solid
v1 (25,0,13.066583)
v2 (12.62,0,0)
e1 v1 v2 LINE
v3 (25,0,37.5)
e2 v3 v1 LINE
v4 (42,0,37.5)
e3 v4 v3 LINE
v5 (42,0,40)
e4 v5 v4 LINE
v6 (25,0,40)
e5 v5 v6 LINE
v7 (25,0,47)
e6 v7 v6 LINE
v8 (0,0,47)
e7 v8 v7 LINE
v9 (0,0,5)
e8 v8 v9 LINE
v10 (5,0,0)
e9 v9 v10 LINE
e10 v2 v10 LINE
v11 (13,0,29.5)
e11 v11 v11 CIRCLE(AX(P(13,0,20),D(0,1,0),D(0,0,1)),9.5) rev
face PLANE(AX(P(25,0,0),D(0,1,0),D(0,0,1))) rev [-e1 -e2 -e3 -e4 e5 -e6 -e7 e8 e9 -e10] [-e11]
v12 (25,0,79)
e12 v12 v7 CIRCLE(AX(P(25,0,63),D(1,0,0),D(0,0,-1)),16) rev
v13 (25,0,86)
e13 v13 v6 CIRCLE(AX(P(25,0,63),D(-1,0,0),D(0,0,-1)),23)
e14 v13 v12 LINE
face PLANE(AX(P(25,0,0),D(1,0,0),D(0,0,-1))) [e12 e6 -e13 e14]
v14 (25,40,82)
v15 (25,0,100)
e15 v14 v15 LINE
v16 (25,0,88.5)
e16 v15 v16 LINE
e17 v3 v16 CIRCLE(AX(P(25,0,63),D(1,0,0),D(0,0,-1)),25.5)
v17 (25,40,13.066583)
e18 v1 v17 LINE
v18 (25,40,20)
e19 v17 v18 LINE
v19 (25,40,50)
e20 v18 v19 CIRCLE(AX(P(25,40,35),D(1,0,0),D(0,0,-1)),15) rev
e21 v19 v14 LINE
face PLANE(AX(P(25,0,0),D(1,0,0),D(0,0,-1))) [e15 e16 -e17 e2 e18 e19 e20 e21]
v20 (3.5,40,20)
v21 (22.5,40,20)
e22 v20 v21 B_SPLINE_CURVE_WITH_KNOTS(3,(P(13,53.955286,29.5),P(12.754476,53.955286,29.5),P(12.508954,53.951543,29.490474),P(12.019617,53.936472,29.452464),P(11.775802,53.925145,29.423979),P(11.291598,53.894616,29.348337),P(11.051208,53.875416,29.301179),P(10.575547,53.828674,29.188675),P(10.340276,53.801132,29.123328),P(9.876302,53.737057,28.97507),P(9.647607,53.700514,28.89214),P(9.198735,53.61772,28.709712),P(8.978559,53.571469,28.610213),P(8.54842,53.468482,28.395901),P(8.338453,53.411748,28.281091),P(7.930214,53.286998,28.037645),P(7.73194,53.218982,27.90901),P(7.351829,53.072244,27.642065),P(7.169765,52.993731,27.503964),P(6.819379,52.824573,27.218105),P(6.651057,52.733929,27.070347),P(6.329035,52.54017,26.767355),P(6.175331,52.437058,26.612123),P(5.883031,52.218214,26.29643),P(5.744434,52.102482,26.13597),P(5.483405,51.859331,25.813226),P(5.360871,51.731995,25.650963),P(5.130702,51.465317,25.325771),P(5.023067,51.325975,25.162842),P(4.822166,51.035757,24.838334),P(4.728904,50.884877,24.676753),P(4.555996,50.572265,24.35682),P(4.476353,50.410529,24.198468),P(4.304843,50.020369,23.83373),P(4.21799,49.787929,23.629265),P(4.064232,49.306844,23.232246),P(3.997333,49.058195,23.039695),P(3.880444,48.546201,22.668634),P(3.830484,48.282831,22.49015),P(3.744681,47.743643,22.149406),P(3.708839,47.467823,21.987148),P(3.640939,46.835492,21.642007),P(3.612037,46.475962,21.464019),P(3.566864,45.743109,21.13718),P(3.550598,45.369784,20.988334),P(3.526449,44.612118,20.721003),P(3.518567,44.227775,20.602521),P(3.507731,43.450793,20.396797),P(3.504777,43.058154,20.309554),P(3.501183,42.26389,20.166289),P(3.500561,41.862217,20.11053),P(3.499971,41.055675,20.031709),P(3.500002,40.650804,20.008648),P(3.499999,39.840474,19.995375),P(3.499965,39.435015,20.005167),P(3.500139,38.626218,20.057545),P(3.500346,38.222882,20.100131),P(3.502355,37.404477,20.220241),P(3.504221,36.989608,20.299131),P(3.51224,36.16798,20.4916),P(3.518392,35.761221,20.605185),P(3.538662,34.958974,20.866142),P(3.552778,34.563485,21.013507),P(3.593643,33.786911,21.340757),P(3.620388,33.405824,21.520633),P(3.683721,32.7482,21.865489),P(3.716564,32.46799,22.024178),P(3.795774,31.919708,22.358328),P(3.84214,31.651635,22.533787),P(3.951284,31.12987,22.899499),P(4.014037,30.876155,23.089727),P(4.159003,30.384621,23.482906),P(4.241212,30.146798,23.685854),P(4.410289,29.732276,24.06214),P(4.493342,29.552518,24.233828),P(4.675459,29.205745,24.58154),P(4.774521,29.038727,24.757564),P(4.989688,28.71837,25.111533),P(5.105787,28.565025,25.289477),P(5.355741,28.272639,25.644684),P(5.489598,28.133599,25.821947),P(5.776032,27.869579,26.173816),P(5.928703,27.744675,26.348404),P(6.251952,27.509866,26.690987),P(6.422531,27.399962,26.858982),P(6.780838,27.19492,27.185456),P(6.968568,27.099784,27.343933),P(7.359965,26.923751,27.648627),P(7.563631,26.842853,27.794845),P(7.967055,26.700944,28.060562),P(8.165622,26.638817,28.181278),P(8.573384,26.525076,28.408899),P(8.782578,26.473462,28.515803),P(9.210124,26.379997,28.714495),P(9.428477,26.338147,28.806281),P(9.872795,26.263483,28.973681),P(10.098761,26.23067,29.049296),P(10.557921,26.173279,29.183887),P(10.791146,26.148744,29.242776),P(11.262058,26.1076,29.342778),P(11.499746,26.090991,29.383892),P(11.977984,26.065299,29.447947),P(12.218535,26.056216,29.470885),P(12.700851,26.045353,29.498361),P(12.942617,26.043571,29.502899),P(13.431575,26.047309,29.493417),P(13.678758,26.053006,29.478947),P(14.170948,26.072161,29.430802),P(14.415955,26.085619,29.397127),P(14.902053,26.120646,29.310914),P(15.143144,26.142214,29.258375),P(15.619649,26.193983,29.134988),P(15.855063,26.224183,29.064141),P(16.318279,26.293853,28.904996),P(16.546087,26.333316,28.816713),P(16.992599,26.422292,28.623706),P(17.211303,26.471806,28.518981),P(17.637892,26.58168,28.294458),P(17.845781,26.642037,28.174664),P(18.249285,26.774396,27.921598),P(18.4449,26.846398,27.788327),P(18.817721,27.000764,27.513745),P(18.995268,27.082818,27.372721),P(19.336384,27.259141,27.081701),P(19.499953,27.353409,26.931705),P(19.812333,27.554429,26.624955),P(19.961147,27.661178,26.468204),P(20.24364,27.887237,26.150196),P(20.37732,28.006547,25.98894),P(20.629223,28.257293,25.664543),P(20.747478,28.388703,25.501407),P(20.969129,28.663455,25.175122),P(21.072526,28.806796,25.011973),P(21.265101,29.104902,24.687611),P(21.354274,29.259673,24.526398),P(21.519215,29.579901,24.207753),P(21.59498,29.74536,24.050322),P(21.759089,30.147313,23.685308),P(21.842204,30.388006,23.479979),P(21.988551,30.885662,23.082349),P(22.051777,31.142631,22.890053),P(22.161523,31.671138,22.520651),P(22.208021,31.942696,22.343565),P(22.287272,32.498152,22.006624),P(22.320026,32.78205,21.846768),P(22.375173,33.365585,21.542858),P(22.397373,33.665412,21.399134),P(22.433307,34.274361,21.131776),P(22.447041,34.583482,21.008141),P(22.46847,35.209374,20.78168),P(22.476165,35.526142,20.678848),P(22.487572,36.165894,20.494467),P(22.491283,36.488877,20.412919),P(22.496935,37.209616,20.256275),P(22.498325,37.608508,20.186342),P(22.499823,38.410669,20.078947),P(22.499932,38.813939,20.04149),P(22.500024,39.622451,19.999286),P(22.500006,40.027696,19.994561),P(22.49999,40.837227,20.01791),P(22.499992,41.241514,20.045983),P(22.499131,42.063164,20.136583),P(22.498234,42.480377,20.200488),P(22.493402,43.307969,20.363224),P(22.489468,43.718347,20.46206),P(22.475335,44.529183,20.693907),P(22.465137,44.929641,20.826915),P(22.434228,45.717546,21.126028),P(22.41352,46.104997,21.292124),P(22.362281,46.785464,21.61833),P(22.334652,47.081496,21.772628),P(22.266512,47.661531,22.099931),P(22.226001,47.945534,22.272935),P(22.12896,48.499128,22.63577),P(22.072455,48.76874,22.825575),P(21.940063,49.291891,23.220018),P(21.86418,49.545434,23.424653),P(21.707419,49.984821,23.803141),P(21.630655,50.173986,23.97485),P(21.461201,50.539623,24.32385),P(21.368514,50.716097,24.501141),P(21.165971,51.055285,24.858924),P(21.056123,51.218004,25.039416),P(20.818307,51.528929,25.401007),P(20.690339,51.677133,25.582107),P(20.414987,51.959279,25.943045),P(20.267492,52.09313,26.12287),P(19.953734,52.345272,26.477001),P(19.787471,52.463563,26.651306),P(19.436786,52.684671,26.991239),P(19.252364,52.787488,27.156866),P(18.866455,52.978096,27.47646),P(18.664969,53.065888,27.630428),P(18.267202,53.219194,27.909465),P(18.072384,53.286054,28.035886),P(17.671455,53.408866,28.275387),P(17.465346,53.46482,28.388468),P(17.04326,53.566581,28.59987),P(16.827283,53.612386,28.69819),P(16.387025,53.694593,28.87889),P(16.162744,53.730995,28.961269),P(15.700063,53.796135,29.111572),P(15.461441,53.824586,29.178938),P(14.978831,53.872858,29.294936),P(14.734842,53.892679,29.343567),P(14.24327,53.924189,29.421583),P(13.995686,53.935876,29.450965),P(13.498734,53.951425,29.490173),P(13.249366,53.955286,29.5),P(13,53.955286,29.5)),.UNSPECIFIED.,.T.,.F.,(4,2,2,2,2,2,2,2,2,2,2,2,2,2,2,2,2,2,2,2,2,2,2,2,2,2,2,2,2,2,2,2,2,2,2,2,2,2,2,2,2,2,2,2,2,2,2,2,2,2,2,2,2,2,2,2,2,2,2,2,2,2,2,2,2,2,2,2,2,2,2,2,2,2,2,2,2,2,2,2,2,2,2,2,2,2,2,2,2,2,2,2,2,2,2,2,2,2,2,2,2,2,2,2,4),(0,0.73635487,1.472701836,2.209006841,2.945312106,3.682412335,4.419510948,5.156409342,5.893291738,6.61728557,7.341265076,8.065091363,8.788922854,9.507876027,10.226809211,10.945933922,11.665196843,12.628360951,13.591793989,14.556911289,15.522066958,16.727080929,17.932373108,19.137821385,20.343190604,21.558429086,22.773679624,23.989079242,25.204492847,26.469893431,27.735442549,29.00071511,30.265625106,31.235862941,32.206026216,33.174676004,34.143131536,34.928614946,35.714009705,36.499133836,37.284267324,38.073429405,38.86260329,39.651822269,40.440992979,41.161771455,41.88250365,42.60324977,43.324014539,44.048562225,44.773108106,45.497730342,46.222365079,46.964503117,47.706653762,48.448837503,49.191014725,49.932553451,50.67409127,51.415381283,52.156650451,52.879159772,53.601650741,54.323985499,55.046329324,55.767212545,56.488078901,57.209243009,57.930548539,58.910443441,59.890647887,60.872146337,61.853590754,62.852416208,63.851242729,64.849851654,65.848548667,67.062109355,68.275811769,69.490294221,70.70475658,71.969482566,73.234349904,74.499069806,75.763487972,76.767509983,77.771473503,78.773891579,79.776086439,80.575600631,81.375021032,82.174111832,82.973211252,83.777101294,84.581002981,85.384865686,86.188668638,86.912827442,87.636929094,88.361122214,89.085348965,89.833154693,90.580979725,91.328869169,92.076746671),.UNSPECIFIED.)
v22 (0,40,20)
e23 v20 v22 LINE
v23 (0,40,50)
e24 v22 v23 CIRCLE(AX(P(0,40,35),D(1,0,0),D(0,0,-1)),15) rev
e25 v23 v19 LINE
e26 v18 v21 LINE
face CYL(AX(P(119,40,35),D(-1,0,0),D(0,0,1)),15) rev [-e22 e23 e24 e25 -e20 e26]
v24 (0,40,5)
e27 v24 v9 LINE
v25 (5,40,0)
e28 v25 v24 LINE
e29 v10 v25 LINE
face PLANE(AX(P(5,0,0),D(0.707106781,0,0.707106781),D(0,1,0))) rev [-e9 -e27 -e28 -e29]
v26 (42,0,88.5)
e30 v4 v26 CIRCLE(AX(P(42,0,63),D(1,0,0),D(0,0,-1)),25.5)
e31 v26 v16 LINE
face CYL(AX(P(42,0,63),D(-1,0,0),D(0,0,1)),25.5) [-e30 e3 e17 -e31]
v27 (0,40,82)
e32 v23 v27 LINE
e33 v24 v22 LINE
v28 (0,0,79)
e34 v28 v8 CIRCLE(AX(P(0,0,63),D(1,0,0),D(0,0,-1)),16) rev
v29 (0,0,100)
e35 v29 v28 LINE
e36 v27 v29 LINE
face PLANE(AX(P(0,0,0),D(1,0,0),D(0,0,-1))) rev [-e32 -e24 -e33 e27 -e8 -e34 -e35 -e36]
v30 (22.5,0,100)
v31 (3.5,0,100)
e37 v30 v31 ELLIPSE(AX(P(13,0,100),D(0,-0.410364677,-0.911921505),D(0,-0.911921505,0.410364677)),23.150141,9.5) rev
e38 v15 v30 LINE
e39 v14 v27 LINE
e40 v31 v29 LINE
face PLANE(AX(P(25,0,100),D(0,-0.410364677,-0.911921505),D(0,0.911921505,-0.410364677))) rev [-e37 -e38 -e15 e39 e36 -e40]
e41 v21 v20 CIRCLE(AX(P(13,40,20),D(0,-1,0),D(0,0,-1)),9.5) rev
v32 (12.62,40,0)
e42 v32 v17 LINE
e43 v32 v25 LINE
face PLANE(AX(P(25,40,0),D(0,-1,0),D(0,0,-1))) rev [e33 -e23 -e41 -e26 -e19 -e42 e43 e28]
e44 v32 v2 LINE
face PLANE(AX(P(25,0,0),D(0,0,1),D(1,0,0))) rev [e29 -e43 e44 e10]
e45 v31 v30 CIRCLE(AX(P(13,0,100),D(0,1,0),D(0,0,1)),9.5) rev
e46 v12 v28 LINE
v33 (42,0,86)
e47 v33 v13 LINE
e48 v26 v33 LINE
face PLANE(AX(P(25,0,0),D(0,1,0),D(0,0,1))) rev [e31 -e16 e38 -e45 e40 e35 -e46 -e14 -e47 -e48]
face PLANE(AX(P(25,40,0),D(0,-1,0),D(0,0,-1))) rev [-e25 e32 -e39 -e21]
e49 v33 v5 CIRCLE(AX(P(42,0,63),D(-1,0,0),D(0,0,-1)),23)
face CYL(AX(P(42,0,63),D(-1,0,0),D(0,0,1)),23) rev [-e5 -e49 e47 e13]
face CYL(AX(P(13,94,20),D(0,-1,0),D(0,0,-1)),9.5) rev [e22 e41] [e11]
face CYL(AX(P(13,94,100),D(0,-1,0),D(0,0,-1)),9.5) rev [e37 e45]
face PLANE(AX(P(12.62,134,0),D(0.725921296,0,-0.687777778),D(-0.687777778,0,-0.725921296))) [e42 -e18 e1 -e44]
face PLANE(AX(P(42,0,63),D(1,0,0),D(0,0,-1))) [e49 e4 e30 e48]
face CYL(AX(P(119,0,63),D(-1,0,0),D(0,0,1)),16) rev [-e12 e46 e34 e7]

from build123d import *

# Parameters (mm, degrees)
SALIENTE_EXTRUIR1_DEPTH    = 25
CORTAR_EXTRUIR1_DEPTH      = 54
CORTAR_EXTRUIR1_DEPTH_BACK = 94
CROQUIS2_R                 = 9.5
CORTAR_EXTRUIR2_DEPTH      = 94
CORTAR_EXTRUIR2_DEPTH_BACK = 94
CROQUIS3_R                 = 15
CROQUIS3_R_2               = 16
CORTAR_EXTRUIR3_DEPTH      = 94
CORTAR_EXTRUIR3_DEPTH_BACK = 94
CHAFL_N2_SIZE              = 5
SALIENTE_EXTRUIR2_DEPTH    = 17


with BuildPart() as part:
    # Croquis1 → Saliente-Extruir1 (new body)
    with BuildSketch(Plane(origin=(0, 0, 0), x_dir=(0, 0, -1), z_dir=(1, 0, 0))):
        Polygon((-100, 0), (-82, 40), (0, 40), (0, 0), align=None)
    extrude(amount=SALIENTE_EXTRUIR1_DEPTH)

    # Croquis2 → Cortar-Extruir1 (cut, two sides: drawn at the far end of the back side and taken through both)
    with BuildSketch(Plane(origin=(0, 40, 0), x_dir=(1, 0, 0), z_dir=(0, 1, 0)).offset(-CORTAR_EXTRUIR1_DEPTH_BACK)):
        with Locations((13, -100)):
            Circle(CROQUIS2_R)
        with Locations((13, -20)):
            Circle(CROQUIS2_R)
    extrude(amount=CORTAR_EXTRUIR1_DEPTH + CORTAR_EXTRUIR1_DEPTH_BACK, mode=Mode.SUBTRACT)

    # Croquis3 → Cortar-Extruir2 (cut, two sides: drawn at the far end of the back side and taken through both)
    with BuildSketch(Plane(origin=(25, 0, 0), x_dir=(0, 0, -1), z_dir=(1, 0, 0)).offset(-CORTAR_EXTRUIR2_DEPTH_BACK)):
        with Locations((-35, 40)):
            Circle(CROQUIS3_R)
        with Locations((-63, 0)):
            Circle(CROQUIS3_R_2)
    extrude(amount=CORTAR_EXTRUIR2_DEPTH + CORTAR_EXTRUIR2_DEPTH_BACK, mode=Mode.SUBTRACT)

    # Croquis4 → Cortar-Extruir3 (cut, two sides: drawn at the far end of the back side and taken through both)
    with BuildSketch(Plane(origin=(0, 40, 0), x_dir=(1, 0, 0), z_dir=(0, 1, 0)).offset(-CORTAR_EXTRUIR3_DEPTH_BACK)):
        Polygon((12.62, 0), (25, -13.066583333), (25, 0), align=None)
    extrude(amount=CORTAR_EXTRUIR3_DEPTH + CORTAR_EXTRUIR3_DEPTH_BACK, mode=Mode.SUBTRACT)

    # Chaflán2
    chafl_n2_edges = [part.edges().sort_by_distance(p)[0] for p in [
        (0, 20, 0),
    ]]
    chamfer(chafl_n2_edges, length=CHAFL_N2_SIZE)

    # Croquis5 → Saliente-Extruir2 (add)
    with BuildSketch(Plane(origin=(25, 0, 0), x_dir=(0, 0, -1), z_dir=(1, 0, 0))):
        with BuildLine():
            Line((-88.5, 0), (-86, 0))
            ThreePointArc((-86, 0), (-63, 23), (-40, 0))
            Line((-40, 0), (-37.5, 0))
            ThreePointArc((-37.5, 0), (-63, 25.5), (-88.5, 0))
        make_face()
    extrude(amount=SALIENTE_EXTRUIR2_DEPTH)


solid = part.part
